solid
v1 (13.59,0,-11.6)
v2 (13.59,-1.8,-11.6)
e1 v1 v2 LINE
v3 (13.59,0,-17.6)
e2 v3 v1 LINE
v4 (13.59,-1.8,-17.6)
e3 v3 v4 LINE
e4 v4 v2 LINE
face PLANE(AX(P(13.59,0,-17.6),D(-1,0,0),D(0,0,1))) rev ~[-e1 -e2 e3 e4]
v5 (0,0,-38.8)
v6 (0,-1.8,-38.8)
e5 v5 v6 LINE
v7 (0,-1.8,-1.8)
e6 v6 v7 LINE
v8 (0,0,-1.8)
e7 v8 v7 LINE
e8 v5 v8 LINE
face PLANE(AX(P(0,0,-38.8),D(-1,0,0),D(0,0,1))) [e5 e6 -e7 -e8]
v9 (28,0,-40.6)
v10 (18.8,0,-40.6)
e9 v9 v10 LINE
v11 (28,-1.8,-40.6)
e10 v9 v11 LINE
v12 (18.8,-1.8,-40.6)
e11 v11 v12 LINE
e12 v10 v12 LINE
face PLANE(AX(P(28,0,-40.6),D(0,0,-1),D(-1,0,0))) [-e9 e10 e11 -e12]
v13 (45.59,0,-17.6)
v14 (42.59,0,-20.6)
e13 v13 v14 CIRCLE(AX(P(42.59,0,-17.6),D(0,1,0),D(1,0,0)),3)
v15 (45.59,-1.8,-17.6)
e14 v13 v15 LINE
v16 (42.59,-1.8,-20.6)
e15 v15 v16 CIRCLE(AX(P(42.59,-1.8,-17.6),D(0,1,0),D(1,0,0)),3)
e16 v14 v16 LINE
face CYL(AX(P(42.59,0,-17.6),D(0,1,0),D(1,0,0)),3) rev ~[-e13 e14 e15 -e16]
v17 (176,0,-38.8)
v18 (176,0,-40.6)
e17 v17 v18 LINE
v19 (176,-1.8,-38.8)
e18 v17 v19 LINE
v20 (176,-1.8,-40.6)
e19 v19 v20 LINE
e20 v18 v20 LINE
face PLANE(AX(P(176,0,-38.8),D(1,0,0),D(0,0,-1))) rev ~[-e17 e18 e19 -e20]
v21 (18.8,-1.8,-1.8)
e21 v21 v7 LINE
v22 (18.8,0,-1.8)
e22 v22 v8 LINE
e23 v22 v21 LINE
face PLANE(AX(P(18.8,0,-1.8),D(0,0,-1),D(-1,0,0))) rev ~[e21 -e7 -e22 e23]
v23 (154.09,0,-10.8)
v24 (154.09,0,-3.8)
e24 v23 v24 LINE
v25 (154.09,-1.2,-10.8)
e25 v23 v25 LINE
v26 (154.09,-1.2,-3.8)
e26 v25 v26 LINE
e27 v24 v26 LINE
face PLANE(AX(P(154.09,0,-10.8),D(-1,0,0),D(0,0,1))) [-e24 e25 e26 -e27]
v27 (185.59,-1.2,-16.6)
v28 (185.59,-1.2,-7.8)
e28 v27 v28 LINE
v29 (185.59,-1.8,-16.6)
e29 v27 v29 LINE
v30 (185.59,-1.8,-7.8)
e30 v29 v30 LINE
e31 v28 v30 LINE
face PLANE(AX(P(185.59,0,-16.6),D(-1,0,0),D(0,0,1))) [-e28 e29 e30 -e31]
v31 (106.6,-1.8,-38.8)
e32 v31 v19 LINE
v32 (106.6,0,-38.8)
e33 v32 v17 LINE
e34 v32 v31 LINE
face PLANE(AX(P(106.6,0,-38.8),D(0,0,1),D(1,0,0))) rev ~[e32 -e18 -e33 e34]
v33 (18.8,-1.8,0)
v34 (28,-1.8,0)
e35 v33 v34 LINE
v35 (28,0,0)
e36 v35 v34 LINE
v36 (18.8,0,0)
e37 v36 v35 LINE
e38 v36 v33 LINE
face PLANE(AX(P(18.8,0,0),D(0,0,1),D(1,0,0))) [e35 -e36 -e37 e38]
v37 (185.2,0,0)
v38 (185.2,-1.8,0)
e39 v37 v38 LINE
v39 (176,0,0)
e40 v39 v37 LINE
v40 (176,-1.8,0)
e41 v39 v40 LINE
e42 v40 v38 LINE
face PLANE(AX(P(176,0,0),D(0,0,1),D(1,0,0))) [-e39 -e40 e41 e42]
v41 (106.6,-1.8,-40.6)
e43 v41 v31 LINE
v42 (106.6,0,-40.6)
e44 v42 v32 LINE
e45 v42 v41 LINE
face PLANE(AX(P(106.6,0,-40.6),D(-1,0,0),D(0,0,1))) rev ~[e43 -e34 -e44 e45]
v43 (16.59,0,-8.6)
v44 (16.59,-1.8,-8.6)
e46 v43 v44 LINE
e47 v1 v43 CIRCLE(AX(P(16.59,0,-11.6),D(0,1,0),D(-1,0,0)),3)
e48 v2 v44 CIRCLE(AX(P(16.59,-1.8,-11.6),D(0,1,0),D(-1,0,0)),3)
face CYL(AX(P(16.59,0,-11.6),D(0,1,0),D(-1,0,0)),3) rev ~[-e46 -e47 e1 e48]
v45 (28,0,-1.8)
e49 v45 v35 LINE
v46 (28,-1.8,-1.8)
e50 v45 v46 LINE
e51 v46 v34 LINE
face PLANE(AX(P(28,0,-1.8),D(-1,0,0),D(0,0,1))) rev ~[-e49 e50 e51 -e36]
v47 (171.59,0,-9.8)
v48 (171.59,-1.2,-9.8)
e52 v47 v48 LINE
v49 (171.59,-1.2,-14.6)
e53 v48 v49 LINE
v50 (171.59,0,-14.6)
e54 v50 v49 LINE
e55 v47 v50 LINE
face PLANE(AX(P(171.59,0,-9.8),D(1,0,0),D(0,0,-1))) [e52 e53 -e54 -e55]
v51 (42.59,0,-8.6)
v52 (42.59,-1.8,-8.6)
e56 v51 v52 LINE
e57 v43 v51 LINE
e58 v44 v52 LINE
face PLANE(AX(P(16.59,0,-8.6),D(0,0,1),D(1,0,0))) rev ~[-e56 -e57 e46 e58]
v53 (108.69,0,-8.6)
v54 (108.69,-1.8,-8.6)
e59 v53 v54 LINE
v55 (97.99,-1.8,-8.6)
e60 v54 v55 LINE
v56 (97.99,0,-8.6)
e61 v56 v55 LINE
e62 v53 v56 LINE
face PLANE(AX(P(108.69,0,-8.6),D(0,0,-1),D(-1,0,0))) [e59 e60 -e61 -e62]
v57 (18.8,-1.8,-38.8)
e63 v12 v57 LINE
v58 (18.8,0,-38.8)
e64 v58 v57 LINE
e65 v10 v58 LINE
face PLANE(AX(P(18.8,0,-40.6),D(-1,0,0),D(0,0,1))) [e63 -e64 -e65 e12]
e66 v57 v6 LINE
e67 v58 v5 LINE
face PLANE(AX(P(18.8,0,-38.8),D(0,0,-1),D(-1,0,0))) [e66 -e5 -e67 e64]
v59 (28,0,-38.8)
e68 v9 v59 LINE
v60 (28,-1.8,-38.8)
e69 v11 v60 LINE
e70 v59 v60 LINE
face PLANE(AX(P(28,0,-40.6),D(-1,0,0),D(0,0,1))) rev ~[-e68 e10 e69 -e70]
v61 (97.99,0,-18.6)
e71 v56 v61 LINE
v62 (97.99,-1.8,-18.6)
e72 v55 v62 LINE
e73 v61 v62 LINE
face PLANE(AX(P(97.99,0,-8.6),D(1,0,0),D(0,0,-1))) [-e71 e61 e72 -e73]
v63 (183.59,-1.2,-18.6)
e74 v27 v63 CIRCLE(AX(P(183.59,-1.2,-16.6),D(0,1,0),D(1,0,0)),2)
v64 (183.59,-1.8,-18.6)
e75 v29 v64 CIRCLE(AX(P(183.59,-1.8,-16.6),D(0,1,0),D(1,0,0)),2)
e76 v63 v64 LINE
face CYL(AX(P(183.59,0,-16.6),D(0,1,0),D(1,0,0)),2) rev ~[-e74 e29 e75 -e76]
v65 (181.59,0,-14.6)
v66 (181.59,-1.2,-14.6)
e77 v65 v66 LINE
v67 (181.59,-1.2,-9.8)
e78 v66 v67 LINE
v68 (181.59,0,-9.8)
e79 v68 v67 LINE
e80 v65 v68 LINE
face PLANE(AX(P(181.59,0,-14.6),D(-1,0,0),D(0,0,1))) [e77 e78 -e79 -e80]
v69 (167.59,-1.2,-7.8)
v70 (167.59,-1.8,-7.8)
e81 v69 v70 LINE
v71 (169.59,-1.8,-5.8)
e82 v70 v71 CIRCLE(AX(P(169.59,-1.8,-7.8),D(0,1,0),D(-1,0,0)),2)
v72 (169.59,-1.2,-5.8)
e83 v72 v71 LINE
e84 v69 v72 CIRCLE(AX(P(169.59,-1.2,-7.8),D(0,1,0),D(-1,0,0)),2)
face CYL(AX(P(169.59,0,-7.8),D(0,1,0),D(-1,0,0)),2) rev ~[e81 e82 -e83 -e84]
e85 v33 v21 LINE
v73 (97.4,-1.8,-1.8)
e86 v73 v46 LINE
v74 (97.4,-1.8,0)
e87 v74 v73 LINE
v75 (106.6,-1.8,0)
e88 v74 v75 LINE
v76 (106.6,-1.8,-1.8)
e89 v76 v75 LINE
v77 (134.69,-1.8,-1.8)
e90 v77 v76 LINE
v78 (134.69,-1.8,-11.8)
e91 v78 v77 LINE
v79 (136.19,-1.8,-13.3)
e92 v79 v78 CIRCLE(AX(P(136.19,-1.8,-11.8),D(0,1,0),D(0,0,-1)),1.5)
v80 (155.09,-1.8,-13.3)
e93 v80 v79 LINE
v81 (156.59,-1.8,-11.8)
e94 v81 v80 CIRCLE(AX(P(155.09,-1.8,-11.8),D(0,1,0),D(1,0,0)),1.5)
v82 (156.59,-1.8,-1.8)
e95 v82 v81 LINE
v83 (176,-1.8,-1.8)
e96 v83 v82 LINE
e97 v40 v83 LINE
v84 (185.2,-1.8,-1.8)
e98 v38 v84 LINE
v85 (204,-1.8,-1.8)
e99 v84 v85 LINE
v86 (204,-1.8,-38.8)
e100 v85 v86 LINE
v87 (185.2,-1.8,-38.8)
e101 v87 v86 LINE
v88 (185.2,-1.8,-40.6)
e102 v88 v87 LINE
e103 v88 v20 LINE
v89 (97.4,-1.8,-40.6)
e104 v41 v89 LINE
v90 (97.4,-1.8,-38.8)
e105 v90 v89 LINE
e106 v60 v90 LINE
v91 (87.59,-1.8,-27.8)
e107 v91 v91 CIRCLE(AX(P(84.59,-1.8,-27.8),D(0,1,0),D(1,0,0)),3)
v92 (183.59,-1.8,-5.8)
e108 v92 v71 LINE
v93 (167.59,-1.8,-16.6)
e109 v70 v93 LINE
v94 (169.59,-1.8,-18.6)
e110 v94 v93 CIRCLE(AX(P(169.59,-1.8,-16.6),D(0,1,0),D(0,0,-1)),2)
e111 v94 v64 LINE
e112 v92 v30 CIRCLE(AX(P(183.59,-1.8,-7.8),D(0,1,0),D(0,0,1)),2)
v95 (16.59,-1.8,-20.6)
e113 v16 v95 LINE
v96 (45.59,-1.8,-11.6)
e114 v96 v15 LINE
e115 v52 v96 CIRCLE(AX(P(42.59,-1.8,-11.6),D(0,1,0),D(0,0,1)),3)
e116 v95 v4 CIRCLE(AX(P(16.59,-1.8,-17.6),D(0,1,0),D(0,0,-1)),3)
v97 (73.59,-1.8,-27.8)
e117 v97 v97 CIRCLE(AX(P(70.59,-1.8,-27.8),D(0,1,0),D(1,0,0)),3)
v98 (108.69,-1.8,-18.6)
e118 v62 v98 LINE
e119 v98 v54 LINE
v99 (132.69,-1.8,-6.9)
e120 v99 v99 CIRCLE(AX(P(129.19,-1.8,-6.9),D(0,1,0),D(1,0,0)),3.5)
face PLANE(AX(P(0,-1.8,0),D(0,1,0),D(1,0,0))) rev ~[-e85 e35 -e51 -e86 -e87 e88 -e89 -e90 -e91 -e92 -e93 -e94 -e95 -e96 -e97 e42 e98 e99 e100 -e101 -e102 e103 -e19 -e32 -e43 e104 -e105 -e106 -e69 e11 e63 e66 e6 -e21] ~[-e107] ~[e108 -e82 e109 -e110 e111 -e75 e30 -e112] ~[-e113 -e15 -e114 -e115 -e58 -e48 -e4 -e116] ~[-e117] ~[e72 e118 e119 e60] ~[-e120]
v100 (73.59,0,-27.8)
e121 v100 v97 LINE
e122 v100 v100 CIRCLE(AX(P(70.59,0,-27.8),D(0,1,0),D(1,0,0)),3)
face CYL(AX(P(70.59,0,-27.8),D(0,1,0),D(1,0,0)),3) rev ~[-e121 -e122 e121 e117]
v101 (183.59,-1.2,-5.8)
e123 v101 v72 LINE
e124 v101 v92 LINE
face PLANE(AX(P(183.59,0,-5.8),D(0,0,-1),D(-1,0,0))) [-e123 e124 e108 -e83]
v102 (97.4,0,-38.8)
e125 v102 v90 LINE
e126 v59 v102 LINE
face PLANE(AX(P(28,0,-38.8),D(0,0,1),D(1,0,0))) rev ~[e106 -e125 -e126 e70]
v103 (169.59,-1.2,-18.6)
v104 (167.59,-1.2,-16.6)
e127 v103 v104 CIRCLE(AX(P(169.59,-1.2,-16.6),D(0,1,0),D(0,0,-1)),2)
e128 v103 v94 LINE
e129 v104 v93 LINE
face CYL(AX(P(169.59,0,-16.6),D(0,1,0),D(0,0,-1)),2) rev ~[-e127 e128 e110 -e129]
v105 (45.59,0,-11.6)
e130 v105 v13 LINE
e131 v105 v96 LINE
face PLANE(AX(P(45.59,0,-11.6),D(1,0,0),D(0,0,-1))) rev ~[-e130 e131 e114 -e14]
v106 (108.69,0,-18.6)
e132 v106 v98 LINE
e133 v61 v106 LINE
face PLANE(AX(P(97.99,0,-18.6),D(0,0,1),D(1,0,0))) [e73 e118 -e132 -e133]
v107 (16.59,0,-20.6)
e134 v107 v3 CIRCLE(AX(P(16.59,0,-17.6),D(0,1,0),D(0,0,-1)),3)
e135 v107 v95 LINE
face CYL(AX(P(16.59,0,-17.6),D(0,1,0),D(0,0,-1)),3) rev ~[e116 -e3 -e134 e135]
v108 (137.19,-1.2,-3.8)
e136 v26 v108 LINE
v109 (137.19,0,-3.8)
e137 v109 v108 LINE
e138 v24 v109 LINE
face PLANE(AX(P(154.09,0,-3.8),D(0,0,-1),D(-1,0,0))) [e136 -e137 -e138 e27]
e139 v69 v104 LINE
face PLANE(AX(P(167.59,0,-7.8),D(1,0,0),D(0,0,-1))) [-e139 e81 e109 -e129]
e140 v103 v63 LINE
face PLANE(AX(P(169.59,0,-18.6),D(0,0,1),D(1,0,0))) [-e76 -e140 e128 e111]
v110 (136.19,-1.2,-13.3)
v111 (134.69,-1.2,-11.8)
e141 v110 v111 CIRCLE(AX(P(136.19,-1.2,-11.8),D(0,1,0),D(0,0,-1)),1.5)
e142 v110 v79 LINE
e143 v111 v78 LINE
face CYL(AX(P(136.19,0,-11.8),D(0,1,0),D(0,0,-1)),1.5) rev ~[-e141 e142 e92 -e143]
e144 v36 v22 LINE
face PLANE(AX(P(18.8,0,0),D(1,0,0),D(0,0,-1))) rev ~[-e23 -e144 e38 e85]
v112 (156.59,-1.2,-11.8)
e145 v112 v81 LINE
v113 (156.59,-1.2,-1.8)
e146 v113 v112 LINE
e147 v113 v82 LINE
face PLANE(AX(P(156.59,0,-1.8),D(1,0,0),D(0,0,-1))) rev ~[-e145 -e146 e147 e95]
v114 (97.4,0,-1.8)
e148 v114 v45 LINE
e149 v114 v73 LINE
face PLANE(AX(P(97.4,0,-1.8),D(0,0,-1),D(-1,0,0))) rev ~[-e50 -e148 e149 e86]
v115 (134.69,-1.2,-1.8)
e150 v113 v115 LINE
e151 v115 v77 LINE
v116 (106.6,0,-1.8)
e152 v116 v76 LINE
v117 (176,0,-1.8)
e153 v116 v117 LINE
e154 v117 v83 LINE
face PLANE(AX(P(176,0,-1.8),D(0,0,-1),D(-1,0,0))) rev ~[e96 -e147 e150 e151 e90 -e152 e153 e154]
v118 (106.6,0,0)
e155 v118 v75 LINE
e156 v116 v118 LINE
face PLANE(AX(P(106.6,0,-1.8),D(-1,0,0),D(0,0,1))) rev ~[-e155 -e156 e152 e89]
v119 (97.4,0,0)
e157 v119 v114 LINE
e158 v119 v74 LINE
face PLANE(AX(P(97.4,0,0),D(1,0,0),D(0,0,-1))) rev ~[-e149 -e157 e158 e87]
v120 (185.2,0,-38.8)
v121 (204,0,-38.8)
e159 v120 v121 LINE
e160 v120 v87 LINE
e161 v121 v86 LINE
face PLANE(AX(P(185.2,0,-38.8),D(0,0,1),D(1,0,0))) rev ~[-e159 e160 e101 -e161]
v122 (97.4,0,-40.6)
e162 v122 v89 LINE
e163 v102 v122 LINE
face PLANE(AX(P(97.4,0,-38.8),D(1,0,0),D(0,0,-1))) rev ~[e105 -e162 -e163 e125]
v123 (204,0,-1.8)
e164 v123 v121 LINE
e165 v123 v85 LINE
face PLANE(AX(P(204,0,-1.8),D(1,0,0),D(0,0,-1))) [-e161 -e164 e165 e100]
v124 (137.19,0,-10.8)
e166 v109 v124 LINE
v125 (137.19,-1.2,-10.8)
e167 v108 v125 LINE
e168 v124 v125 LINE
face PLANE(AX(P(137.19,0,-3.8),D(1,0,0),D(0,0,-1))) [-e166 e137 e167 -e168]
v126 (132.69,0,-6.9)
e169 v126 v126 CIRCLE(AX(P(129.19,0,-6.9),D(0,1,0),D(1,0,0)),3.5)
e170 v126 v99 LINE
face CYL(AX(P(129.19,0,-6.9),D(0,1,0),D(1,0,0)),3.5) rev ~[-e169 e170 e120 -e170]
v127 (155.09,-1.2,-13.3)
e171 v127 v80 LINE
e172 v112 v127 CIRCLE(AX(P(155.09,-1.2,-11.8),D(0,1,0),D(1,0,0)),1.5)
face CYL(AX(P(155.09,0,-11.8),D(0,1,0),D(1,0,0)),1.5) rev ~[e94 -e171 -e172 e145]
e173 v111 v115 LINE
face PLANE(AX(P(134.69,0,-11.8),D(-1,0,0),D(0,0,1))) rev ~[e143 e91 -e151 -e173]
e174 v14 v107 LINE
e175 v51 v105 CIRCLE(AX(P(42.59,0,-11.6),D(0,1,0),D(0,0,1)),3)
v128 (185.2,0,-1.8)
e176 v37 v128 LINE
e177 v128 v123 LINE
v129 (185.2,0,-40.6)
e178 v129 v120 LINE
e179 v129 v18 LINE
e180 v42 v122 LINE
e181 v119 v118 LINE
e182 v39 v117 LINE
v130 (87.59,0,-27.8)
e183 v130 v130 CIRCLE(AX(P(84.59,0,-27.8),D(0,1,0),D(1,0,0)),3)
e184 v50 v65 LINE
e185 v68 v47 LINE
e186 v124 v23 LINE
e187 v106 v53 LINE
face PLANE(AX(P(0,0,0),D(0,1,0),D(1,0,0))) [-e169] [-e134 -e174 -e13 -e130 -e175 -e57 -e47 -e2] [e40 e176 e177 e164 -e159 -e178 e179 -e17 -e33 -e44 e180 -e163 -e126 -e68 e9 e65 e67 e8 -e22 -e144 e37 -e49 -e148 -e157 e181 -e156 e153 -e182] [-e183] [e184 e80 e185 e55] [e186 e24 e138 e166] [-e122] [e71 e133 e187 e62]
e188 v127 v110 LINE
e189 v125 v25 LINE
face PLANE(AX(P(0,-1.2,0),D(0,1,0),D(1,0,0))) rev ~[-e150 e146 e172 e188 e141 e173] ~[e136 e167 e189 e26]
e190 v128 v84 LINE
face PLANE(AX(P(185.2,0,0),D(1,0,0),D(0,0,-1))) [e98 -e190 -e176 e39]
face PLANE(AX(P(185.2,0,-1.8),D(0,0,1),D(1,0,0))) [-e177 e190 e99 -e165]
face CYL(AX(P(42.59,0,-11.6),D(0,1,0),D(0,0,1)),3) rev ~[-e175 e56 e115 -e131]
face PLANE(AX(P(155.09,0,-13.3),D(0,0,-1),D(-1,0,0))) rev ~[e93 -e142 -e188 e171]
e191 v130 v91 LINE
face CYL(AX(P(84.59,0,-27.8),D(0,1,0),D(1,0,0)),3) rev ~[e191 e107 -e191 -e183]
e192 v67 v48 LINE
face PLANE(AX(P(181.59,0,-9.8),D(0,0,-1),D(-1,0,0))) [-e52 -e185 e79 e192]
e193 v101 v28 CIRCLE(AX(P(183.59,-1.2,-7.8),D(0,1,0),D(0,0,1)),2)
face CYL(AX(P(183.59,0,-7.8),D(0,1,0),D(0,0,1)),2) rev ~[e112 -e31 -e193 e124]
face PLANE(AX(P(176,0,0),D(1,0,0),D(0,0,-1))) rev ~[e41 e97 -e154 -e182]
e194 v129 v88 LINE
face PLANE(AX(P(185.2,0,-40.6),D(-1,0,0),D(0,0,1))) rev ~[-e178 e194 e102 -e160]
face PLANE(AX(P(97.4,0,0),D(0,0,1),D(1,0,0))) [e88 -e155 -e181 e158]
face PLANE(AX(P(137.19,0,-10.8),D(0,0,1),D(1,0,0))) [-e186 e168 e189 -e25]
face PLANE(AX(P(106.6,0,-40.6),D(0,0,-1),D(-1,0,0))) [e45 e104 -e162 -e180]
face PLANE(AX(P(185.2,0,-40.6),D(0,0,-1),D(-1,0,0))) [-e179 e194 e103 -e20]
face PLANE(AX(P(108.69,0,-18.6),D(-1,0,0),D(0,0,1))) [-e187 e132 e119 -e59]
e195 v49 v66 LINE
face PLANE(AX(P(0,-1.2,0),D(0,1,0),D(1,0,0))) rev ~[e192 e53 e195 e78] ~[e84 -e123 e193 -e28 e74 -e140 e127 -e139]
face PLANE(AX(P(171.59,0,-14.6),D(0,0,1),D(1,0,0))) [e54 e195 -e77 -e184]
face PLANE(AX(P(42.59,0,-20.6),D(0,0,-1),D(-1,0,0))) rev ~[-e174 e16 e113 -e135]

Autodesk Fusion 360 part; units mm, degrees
sketch "Skizze1" plane through (0, 0, 0) normal (0, 1, 0) x (1, 0, 0)
  line L0 (0, 0) -> (204, 0)
  line L1 (204, 0) -> (204, 40.6)
  line L2 (204, 40.6) -> (0, 40.6)
  line L3 (0, 40.6) -> (0, 0)
  line L4 (0, 0) -> (18.8, 0)
  line L5 (18.8, 0) -> (18.8, 1.8)
  line L6 (18.8, 1.8) -> (0, 1.8)
  line L7 (0, 1.8) -> (0, 0)
  line L8 (28, 0) -> (97.4, 0)
  line L9 (97.4, 0) -> (97.4, 1.8)
  line L10 (97.4, 1.8) -> (28, 1.8)
  line L11 (28, 1.8) -> (28, 0)
  line L12 (106.6, 0) -> (176, 0)
  line L13 (176, 0) -> (176, 1.8)
  line L14 (176, 1.8) -> (106.6, 1.8)
  line L15 (106.6, 1.8) -> (106.6, 0)
  line L16 (204, 0) -> (185.2, 0)
  line L17 (185.2, 0) -> (185.2, 1.8)
  line L18 (185.2, 1.8) -> (204, 1.8)
  line L19 (204, 1.8) -> (204, 0)
  line L20 (0, 40.6) -> (18.8, 40.6)
  line L21 (18.8, 40.6) -> (18.8, 38.8)
  line L22 (18.8, 38.8) -> (0, 38.8)
  line L23 (0, 38.8) -> (0, 40.6)
  line L24 (97.4, 40.6) -> (28, 40.6)
  line L25 (28, 40.6) -> (28, 38.8)
  line L26 (28, 38.8) -> (97.4, 38.8)
  line L27 (97.4, 38.8) -> (97.4, 40.6)
  line L28 (204, 40.6) -> (185.2, 40.6)
  line L29 (185.2, 40.6) -> (185.2, 38.8)
  line L30 (185.2, 38.8) -> (204, 38.8)
  line L31 (204, 38.8) -> (204, 40.6)
  line L32 (176, 40.6) -> (106.6, 40.6)
  line L33 (106.6, 40.6) -> (106.6, 38.8)
  line L34 (106.6, 38.8) -> (176, 38.8)
  line L35 (176, 38.8) -> (176, 40.6)
  line L36 (42.59, 20.6) -> (16.59, 20.6)
  line L37 (13.59, 17.6) -> (13.59, 11.6)
  line L38 (16.59, 8.6) -> (42.59, 8.6)
  line L39 (45.59, 11.6) -> (45.59, 17.6)
  arc A0 (16.59, 20.6) -> (13.59, 17.6) centre (16.59, 17.6) ccw
  arc A1 (13.59, 11.6) -> (16.59, 8.6) centre (16.59, 11.6) ccw
  arc A2 (45.59, 17.6) -> (42.59, 20.6) centre (42.59, 17.6) ccw
  arc A3 (42.59, 8.6) -> (45.59, 11.6) centre (42.59, 11.6) ccw
  line L40 (97.99, 18.6) -> (108.69, 18.6)
  line L41 (108.69, 18.6) -> (108.69, 8.6)
  line L42 (108.69, 8.6) -> (97.99, 8.6)
  line L43 (97.99, 8.6) -> (97.99, 18.6)
  circle A4 centre (129.19, 6.9) radius 3.5
  line L44 (137.19, 10.8) -> (154.09, 10.8)
  line L45 (154.09, 10.8) -> (154.09, 3.8)
  line L46 (154.09, 3.8) -> (137.19, 3.8)
  line L47 (137.19, 3.8) -> (137.19, 10.8)
  line L48 (171.59, 14.6) -> (181.59, 14.6)
  line L49 (181.59, 14.6) -> (181.59, 9.8)
  line L50 (181.59, 9.8) -> (171.59, 9.8)
  line L51 (171.59, 9.8) -> (171.59, 14.6)
  circle A5 centre (70.59, 27.8) radius 3
  circle A6 centre (84.59, 27.8) radius 3
  line L52 (169.59, 18.6) -> (183.59, 18.6)
  line L53 (185.59, 16.6) -> (185.59, 7.8)
  line L54 (183.59, 5.8) -> (169.59, 5.8)
  line L55 (167.59, 7.8) -> (167.59, 16.6)
  arc A7 (169.59, 18.6) -> (167.59, 16.6) centre (169.59, 16.6) ccw
  arc A8 (185.59, 16.6) -> (183.59, 18.6) centre (183.59, 16.6) ccw
  arc A9 (167.59, 7.8) -> (169.59, 5.8) centre (169.59, 7.8) ccw
  arc A10 (183.59, 5.8) -> (185.59, 7.8) centre (183.59, 7.8) ccw
  line L56 (134.69, 1.8) -> (156.59, 1.8)
  line L57 (156.59, 1.8) -> (156.59, 11.8)
  line L58 (155.09, 13.3) -> (136.19, 13.3)
  line L59 (134.69, 11.8) -> (134.69, 1.8)
  arc A11 (136.19, 13.3) -> (134.69, 11.8) centre (136.19, 11.8) ccw
  arc A12 (156.59, 11.8) -> (155.09, 13.3) centre (155.09, 11.8) ccw
  dimension "d1" = 204
  dimension "d2" = 40.6
  dimension "d3" = 18.8
  dimension "d4" = 1.8
  dimension "d6" = 1.8
  dimension "d7" = 9.2
  dimension "d8" = 97.4
  dimension "d10" = 1.8
  dimension "d11" = 9.2
  dimension "d12" = 18.8
  dimension "d13" = 1.8
  dimension "d14" = 9.2
  dimension "d15" = 18.8
  dimension "d16" = 1.8
  dimension "d18" = 1.8
  dimension "d19" = 9.2
  dimension "d20" = 97.4
  dimension "d21" = 18.8
  dimension "d22" = 1.8
  dimension "d24" = 1.8
  dimension "d25" = 9.2
  dimension "d26" = 9.2
  dimension "d39" = 6.8
  dimension "d40" = 3
  dimension "d41" = 3
  dimension "d42" = 3
  dimension "d43" = 3
  dimension "d91" = 13.59
  dimension "d92" = 52.4
  dimension "d93" = 6.8
  dimension "d94" = 10.7
  dimension "d95" = 10
  dimension "d96" = 7
  dimension "d97" = 20.5
  dimension "d98" = 5.1
  dimension "d99" = 8
  dimension "d100" = 16.9
  dimension "d101" = 2
  dimension "d102" = 7
  dimension "d103" = 17.5
  dimension "d104" = 10
  dimension "d105" = 8
  dimension "d106" = 4.8
  dimension "d110" = 14
  dimension "d114" = 11
  dimension "d115" = 11
  dimension "d116" = 6
  dimension "d117" = 6
  dimension "d118" = 4
  dimension "d119" = 4
  dimension "d120" = 4
  dimension "d121" = 4
  dimension "d122" = 2
  dimension "d123" = 2
  dimension "d124" = 2
  dimension "d125" = 2
  dimension "d126" = 2.5
  dimension "d127" = 2.5
  dimension "d128" = 2.5
  dimension "d143" = 1.5
  dimension "d144" = 1.5
extrude "Extrusion22" add sketch "Skizze1" against normal blind 1.8 contours L0 L1 L2 L3 L5 L6 L9 L10 L11 L13 L14 L15 L17 L18 L21 L22 L25 L26 L27 L29 L30 L33 L34 L35 L57 L58 L59 A11 A12
extrude "Extrusion23" add sketch "Skizze1" against normal blind 1.2 contours L14 L56 L57 L58 L59 A11 A12 | L52 L53 L54 L55 A7 A8 A9 A10
extrude "Extrusion1" [suppressed]
extrude "Extrusion2" [suppressed]
extrude "Extrusion3" [suppressed]
extrude "Extrusion4" [suppressed]
extrude "Extrusion5" [suppressed]
